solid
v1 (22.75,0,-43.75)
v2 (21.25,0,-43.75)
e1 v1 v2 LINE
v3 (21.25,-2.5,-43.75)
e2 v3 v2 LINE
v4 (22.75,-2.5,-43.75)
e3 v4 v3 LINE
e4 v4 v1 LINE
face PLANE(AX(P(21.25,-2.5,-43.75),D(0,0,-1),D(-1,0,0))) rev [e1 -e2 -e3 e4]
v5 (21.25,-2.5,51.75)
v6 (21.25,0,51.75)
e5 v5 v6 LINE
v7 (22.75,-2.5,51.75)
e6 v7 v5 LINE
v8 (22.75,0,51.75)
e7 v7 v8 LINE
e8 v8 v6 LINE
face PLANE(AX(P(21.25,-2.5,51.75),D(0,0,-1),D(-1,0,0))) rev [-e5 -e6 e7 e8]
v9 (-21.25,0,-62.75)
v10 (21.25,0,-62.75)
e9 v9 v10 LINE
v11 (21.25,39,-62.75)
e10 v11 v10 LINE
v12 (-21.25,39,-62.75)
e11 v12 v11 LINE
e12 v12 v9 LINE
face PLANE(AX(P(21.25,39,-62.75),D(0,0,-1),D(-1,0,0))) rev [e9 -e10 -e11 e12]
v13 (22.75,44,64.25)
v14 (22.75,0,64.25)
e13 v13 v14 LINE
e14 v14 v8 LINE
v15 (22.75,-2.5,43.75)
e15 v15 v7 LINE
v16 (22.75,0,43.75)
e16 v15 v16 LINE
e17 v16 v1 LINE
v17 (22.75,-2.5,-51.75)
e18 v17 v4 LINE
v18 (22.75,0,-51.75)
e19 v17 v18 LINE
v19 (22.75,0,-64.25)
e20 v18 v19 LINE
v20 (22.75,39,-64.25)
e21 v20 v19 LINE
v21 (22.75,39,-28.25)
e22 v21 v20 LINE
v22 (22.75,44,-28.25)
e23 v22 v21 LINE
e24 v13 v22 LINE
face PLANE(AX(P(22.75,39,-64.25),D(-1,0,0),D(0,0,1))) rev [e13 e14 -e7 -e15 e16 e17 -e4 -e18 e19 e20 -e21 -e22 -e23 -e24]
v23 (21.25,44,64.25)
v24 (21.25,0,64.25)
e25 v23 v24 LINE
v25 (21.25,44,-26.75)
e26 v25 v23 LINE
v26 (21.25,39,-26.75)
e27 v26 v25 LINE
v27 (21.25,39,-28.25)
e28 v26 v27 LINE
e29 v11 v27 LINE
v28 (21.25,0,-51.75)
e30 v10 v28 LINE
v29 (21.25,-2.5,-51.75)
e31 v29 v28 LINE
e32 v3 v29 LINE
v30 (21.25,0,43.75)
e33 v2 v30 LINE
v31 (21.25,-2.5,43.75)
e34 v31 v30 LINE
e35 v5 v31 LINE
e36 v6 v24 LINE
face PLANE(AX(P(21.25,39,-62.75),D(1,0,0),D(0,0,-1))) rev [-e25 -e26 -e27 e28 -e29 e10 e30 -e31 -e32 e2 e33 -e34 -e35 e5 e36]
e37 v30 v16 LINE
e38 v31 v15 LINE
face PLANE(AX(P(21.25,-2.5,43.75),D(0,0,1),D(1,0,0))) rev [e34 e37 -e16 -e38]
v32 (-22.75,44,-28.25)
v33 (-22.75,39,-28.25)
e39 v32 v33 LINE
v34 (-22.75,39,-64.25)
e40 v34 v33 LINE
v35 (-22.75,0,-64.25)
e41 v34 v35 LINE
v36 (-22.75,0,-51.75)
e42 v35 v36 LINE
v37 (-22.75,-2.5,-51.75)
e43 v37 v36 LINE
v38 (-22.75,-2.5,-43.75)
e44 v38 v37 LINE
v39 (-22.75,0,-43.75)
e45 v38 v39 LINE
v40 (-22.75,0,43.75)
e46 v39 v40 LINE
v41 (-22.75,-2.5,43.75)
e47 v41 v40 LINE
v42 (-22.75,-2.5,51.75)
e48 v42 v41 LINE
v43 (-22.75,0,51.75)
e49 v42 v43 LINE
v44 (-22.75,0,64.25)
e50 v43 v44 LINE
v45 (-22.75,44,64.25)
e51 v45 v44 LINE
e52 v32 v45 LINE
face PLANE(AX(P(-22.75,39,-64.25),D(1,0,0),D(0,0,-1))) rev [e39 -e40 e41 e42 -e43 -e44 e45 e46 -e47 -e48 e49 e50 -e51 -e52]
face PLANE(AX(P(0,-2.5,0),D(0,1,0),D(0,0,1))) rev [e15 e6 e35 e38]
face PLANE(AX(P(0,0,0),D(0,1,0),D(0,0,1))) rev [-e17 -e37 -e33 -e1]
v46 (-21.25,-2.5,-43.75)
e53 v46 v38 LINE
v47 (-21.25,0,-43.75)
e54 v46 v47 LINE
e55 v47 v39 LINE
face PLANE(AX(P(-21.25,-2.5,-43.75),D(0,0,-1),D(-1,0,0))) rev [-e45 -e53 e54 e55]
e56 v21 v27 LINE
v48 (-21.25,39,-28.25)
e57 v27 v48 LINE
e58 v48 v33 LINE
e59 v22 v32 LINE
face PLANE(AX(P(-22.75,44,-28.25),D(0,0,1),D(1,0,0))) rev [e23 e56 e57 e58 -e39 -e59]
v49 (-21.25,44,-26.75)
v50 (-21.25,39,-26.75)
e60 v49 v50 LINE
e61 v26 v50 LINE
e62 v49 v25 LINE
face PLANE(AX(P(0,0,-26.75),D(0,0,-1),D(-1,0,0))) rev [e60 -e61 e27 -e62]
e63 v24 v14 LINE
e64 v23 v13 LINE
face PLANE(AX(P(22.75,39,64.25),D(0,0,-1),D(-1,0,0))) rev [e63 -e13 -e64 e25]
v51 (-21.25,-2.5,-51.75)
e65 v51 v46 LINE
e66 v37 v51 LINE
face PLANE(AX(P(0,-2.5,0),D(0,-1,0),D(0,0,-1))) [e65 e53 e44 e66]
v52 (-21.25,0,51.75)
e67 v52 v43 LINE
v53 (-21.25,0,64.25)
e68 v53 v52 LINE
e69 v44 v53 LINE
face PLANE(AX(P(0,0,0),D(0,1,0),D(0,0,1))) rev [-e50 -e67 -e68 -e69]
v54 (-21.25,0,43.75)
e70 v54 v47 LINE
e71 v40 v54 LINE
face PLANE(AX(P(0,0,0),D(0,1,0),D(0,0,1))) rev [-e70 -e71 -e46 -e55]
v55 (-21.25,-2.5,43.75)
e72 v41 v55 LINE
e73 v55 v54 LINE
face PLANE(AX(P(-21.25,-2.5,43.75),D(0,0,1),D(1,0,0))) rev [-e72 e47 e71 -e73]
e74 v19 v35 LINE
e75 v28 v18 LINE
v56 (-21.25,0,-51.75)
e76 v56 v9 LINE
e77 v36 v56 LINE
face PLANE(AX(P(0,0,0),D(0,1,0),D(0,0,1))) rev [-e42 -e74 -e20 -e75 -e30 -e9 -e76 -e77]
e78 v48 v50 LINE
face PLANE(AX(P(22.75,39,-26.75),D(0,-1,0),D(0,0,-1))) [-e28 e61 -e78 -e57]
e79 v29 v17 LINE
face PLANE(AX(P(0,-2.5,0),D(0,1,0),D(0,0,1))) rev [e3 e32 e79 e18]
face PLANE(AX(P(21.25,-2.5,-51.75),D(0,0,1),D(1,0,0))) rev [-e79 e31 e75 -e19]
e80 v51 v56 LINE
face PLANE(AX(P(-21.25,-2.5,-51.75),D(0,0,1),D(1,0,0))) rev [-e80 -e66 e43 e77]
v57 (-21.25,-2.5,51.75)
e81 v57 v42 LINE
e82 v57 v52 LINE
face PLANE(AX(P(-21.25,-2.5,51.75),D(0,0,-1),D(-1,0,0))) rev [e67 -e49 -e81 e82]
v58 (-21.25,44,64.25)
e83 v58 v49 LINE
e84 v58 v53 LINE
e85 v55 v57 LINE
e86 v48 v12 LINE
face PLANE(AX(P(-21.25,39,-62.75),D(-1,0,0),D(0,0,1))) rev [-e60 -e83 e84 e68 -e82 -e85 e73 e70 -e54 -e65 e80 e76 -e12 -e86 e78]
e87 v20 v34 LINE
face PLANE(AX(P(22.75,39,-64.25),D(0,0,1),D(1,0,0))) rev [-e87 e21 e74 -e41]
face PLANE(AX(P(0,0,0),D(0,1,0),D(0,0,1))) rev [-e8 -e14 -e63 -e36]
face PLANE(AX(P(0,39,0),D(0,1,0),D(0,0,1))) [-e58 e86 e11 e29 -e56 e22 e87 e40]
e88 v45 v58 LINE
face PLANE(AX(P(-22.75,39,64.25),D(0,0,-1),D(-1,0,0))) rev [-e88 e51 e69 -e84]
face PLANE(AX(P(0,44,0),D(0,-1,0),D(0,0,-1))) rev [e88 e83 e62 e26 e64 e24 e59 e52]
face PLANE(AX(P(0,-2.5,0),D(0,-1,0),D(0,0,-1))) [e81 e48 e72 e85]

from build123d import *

# Parameters (mm, degrees)
BOSS_EXTRUDE1_DEPTH = 39
SKETCH2_W           = 1.5
SKETCH2_H           = 92.5
BOSS_EXTRUDE2_DEPTH = 5
SKETCH3_W           = 1.5
SKETCH3_H           = 8
BOSS_EXTRUDE3_DEPTH = 2.5
SKETCH4_W           = 45.5
SKETCH4_H           = 5
BOSS_EXTRUDE5_DEPTH = 1.5


with BuildPart() as part:
    # Sketch1 → Boss-Extrude1 (new body)
    with BuildSketch(Plane(origin=(0, 0, 0), x_dir=(1, 0, 0), z_dir=(0, 1, 0))):
        Polygon((22.75, 64.25), (22.75, -64.25), (21.25, -64.25), (21.25, 62.75), (-21.25, 62.75), (-21.25, -64.25), (-22.75, -64.25), (-22.75, 64.25), align=None)
    extrude(amount=BOSS_EXTRUDE1_DEPTH)

    # Sketch2 → Boss-Extrude2 (add)
    with BuildSketch(Plane(origin=(0, 39, 0), x_dir=(1, 0, 0), z_dir=(0, 1, 0))):
        with Locations((-22, -18)):
            Rectangle(SKETCH2_W, SKETCH2_H)
        with Locations((22, -18)):
            Rectangle(SKETCH2_W, SKETCH2_H)
    extrude(amount=BOSS_EXTRUDE2_DEPTH)

    # Sketch3 → Boss-Extrude3 (add)
    with BuildSketch(Plane.XZ):
        with Locations((22, -47.75)):
            Rectangle(SKETCH3_W, SKETCH3_H)
        with Locations((-22, -47.75)):
            Rectangle(SKETCH3_W, SKETCH3_H)
        with Locations((22, 47.75)):
            Rectangle(SKETCH3_W, SKETCH3_H)
        with Locations((-22, 47.75)):
            Rectangle(SKETCH3_W, SKETCH3_H)
    extrude(amount=BOSS_EXTRUDE3_DEPTH)

    # Sketch4 → Boss-Extrude5 (add)
    with BuildSketch(Plane(origin=(0, 0, -28.25), x_dir=(-1, 0, 0), z_dir=(0, 0, -1))):
        with Locations((0, 41.5)):
            Rectangle(SKETCH4_W, SKETCH4_H)
    extrude(amount=-BOSS_EXTRUDE5_DEPTH)


solid = part.part
